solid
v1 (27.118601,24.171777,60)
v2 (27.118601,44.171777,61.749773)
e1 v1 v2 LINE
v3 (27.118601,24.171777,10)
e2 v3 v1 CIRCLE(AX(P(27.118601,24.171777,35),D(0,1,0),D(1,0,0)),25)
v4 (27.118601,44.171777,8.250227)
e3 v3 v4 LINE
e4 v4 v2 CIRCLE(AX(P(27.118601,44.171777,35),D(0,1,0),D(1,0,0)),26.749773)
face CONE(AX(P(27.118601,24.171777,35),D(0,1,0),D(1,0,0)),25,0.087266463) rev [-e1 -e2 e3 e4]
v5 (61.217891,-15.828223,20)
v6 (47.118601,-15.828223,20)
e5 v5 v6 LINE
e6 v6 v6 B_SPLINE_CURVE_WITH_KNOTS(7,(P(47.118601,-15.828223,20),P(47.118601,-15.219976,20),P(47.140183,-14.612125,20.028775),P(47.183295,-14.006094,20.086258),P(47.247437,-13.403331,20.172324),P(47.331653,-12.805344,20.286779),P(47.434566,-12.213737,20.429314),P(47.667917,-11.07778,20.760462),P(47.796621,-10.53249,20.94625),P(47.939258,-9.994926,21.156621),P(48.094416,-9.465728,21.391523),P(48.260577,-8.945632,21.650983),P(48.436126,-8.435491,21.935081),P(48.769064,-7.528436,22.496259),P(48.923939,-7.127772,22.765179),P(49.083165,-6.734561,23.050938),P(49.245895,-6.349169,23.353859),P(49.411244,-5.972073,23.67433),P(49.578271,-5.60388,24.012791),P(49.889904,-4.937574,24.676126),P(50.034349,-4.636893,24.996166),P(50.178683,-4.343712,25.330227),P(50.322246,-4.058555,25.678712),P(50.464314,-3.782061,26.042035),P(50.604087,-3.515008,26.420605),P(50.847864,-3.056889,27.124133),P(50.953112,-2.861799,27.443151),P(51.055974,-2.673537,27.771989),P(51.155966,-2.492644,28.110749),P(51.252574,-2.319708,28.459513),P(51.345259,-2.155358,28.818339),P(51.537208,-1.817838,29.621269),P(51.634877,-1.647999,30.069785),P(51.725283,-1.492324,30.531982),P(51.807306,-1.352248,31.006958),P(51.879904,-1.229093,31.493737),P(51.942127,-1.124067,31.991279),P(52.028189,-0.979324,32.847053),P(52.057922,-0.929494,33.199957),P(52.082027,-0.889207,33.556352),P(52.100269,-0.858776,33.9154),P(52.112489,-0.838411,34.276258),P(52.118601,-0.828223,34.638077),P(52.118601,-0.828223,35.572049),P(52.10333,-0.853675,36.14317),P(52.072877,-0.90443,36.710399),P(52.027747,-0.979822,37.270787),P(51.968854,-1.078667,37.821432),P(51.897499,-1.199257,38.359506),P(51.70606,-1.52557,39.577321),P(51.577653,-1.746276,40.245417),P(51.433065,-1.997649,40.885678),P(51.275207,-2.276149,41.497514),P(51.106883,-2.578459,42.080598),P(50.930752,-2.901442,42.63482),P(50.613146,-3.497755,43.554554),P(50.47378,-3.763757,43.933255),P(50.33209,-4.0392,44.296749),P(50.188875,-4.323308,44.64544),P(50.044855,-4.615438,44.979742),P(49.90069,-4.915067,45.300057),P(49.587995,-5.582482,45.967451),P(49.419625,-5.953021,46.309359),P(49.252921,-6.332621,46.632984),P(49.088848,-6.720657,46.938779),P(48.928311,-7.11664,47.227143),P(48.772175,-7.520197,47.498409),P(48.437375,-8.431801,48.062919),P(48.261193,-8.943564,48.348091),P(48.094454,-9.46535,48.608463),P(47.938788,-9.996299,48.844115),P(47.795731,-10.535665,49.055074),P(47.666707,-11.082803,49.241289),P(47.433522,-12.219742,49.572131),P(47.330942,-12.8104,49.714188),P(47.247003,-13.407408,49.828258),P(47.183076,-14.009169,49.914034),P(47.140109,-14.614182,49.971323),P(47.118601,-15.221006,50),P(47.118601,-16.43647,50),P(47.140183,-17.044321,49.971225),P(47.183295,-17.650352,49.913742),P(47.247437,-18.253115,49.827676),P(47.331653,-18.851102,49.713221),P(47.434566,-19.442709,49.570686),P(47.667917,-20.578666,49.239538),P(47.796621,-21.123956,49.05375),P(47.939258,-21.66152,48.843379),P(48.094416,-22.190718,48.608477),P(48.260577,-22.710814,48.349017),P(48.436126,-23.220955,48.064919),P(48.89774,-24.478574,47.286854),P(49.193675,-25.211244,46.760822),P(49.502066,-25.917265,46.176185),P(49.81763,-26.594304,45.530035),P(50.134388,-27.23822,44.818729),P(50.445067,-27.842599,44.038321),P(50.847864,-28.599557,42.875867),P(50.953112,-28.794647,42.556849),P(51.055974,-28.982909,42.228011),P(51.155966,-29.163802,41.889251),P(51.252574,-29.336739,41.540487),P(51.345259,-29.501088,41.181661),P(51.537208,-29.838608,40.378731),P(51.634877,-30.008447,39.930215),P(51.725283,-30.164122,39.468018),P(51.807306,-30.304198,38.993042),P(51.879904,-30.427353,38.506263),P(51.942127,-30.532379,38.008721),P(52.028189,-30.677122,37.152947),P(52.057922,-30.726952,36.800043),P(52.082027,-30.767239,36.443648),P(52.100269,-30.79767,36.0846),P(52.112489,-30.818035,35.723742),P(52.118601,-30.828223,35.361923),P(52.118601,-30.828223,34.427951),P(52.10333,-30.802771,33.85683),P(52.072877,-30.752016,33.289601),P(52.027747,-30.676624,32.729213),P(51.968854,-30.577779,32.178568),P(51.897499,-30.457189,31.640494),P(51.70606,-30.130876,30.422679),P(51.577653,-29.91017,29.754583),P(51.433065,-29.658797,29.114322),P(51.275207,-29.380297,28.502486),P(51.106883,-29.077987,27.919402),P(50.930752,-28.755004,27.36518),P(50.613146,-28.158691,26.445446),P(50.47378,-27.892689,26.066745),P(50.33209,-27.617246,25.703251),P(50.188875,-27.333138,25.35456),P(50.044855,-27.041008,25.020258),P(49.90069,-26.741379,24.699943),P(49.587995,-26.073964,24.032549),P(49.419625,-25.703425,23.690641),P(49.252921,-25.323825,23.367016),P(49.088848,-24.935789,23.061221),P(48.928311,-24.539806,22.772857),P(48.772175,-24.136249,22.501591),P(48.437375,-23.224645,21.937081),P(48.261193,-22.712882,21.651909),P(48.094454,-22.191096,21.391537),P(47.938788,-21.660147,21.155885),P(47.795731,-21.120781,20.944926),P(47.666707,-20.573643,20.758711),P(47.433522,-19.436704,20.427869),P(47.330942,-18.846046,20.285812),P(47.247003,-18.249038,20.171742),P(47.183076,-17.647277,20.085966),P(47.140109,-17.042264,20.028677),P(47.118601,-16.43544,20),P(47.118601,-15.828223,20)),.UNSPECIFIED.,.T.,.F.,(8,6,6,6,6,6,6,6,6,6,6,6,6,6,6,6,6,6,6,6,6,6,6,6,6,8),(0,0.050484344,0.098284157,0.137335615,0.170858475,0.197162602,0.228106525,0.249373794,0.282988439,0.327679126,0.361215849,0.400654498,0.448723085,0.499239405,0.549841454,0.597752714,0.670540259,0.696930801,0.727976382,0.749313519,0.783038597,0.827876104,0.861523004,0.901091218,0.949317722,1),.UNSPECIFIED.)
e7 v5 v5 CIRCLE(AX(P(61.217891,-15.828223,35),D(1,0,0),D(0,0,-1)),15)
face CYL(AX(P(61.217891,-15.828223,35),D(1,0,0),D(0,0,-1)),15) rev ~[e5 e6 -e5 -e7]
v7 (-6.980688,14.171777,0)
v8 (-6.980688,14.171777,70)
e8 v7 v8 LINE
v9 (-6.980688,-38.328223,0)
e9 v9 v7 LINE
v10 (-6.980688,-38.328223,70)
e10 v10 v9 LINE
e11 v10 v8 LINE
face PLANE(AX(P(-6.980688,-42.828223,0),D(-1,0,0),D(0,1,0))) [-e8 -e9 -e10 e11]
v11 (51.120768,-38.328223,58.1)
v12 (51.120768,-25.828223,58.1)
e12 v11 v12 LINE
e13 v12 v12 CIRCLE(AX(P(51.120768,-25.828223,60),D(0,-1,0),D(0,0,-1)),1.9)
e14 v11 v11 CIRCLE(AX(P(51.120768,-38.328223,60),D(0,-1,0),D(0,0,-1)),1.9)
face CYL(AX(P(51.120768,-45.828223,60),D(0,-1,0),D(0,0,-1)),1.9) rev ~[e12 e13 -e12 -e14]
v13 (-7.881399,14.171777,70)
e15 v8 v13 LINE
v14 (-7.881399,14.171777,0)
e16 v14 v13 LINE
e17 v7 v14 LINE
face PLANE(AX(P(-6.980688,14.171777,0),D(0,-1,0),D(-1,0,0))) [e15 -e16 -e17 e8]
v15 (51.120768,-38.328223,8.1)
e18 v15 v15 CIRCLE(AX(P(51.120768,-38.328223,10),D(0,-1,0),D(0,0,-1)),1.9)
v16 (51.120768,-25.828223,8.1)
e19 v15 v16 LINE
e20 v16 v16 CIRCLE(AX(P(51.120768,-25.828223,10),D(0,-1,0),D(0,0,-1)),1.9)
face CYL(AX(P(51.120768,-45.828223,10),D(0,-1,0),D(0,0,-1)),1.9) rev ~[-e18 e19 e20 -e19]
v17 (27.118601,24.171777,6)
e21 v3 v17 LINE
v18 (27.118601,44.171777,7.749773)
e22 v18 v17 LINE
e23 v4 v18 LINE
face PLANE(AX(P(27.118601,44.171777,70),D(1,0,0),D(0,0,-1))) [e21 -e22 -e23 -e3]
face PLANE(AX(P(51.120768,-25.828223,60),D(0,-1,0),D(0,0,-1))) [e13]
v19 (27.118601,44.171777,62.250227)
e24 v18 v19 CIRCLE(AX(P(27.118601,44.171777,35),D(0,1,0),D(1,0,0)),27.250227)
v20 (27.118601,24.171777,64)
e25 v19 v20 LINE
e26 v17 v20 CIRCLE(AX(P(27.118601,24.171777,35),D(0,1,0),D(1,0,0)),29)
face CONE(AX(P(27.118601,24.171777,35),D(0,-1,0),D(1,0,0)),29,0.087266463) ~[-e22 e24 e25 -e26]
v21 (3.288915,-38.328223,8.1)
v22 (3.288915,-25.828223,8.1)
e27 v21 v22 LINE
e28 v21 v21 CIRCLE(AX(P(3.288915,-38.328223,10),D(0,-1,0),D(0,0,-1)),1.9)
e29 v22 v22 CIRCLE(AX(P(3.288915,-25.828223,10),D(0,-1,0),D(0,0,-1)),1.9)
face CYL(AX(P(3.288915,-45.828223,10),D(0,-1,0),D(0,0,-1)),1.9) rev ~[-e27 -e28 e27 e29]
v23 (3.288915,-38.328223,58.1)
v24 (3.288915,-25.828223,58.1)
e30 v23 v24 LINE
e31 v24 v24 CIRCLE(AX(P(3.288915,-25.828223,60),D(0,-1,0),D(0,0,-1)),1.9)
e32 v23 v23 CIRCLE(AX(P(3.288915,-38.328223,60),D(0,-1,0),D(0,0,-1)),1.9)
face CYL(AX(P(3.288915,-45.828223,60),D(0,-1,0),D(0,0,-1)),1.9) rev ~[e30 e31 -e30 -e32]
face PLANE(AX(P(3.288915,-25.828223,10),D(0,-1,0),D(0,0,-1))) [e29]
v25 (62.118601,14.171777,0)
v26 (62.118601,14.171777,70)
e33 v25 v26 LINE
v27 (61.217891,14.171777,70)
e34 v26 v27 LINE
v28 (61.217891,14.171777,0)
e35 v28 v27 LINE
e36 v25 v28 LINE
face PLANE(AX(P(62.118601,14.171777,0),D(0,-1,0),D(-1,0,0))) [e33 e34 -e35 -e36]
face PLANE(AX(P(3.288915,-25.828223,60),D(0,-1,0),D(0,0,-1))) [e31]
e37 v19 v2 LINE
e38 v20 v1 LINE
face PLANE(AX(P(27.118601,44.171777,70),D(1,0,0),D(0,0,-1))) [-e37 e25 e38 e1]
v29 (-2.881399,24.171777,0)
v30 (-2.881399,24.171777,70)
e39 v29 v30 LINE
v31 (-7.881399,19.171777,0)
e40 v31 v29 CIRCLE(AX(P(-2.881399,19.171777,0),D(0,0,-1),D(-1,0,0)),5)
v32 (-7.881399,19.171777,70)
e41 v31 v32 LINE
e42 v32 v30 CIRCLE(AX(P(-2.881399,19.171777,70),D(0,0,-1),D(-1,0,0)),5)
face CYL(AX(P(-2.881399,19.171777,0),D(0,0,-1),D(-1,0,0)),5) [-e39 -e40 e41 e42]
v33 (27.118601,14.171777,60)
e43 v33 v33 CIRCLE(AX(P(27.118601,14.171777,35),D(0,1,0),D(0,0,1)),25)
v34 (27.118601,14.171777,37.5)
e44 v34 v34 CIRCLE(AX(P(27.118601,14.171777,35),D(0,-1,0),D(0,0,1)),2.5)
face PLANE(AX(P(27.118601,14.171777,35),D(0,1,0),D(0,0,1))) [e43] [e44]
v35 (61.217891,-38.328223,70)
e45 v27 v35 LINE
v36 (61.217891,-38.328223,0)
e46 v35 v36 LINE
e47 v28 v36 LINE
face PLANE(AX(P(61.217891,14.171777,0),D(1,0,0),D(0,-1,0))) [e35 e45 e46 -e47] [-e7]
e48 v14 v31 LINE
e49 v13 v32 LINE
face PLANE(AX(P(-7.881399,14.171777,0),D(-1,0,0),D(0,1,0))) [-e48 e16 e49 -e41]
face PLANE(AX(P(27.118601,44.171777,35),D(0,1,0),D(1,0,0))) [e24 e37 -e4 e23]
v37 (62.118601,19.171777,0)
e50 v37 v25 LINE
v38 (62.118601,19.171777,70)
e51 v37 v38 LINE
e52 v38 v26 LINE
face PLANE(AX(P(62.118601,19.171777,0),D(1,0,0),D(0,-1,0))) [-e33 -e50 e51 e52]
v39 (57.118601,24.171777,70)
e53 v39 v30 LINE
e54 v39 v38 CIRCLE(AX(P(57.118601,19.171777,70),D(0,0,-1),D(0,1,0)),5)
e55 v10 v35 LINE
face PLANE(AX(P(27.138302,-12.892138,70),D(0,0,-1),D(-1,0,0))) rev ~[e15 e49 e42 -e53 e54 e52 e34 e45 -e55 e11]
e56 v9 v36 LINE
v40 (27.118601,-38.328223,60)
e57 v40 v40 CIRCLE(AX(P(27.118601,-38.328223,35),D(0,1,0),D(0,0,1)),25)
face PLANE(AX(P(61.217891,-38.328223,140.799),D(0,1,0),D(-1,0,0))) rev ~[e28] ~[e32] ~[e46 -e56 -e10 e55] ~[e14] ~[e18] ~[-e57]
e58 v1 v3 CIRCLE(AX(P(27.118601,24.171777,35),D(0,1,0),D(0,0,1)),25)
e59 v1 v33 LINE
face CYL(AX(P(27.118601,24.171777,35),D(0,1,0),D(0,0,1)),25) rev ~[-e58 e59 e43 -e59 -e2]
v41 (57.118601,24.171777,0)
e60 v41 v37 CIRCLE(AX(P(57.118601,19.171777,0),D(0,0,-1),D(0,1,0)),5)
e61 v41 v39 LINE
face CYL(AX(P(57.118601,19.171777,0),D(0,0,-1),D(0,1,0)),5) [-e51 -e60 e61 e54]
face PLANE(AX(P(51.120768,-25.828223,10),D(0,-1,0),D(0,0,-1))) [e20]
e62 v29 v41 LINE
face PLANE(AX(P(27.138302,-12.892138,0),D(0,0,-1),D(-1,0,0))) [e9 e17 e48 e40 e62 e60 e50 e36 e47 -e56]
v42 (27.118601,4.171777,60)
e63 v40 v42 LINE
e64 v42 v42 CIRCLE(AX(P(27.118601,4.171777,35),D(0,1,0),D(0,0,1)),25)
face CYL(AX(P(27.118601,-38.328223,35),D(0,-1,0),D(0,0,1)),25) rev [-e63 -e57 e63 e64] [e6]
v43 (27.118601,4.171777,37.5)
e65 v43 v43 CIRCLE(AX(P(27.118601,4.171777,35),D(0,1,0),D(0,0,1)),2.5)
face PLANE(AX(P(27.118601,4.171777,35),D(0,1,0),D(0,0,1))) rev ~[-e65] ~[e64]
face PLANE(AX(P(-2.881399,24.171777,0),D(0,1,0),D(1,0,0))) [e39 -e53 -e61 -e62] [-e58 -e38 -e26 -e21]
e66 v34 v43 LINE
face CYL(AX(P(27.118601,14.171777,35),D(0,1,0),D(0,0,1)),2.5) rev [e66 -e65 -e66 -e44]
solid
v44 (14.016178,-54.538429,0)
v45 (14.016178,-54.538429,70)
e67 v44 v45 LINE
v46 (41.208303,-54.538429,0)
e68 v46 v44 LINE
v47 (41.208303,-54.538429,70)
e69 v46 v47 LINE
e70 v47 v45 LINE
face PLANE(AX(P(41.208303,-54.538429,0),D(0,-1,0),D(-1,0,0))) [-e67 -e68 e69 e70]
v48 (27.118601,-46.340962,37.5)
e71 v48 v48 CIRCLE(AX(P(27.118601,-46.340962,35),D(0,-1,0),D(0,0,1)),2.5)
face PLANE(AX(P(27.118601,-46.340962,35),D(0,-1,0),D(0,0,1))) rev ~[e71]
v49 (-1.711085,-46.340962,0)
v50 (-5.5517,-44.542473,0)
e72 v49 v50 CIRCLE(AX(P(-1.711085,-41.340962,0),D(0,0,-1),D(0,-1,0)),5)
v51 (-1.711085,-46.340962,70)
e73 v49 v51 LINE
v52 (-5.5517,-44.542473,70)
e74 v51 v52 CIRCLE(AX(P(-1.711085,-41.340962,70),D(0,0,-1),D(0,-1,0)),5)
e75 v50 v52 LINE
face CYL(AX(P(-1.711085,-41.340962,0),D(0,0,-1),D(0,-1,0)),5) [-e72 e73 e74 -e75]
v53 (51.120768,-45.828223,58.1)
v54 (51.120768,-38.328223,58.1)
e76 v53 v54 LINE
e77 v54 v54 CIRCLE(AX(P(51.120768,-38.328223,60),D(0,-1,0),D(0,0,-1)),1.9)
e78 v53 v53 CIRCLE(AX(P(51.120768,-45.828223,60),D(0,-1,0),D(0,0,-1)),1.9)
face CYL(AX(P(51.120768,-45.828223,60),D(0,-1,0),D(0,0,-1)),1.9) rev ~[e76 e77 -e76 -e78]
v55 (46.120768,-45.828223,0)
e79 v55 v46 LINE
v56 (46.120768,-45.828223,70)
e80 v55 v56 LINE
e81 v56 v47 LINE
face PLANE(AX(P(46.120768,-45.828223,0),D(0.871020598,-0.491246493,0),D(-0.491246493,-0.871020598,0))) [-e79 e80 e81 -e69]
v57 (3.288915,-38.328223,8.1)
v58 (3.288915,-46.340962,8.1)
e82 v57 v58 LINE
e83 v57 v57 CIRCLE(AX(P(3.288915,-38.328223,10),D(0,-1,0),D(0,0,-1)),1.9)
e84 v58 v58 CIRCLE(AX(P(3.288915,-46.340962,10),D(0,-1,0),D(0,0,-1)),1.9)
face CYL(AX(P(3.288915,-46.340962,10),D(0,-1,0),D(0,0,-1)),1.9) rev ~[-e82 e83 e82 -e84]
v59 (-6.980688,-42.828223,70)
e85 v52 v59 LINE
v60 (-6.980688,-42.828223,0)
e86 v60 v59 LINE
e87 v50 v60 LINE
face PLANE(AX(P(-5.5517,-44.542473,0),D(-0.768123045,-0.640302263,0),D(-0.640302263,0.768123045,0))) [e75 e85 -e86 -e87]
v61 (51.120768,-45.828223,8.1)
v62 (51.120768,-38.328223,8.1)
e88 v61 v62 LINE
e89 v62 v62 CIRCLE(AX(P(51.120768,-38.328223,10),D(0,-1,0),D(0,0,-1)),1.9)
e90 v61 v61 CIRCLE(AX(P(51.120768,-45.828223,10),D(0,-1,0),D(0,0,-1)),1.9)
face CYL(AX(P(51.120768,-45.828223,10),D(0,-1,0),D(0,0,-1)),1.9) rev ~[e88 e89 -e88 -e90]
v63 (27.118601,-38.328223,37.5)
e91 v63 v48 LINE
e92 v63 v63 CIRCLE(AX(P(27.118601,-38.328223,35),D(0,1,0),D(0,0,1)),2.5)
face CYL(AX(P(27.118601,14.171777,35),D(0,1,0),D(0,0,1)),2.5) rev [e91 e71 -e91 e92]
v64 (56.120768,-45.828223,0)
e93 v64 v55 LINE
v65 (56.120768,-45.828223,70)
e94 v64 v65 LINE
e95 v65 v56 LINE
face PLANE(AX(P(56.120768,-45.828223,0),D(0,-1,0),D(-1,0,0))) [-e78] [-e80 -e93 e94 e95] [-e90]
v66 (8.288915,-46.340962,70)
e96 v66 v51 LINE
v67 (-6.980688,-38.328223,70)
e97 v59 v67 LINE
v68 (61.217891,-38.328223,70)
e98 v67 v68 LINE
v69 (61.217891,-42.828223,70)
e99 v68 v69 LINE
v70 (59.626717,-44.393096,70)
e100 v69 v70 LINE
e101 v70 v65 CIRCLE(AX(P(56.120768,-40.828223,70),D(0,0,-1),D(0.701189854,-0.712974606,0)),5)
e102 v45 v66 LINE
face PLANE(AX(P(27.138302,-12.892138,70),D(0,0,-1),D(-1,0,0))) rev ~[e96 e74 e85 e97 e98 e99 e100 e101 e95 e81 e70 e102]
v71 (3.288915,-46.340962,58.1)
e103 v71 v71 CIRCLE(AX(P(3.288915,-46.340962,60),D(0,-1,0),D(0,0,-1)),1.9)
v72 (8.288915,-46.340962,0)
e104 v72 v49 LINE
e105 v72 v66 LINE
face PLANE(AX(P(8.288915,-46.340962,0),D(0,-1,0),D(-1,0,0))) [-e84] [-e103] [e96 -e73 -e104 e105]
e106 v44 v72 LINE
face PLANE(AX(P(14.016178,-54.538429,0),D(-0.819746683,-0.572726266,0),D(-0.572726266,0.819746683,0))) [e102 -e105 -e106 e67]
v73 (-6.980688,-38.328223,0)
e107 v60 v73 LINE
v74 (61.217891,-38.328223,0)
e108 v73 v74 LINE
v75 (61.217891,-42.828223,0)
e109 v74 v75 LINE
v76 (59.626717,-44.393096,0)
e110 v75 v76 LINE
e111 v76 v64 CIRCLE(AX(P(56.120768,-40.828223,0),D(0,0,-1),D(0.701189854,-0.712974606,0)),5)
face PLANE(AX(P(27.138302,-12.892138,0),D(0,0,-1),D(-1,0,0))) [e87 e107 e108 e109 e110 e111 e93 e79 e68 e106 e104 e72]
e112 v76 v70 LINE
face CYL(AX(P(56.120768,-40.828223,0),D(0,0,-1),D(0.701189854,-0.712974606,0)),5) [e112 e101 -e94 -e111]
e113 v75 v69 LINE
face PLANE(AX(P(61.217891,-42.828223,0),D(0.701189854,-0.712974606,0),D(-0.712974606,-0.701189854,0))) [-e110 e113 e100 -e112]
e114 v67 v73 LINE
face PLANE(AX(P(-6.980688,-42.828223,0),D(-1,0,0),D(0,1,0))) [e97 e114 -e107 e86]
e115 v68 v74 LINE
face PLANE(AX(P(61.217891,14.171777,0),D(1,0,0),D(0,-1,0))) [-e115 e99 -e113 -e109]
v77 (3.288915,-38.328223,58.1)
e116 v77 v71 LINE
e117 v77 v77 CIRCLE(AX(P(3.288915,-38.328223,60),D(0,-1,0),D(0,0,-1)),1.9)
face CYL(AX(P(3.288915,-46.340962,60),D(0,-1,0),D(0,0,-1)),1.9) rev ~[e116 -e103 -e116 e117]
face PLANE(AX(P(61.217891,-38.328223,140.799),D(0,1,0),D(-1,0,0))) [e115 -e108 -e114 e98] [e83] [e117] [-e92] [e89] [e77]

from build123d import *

# Parameters (mm, degrees)
BOSS_EXTRUDE1_DEPTH    = 70
SKETCH4_R              = 29
SKETCH4_R_2            = 25
EXTRUDE_THIN1_DEPTH    = 20
EXTRUDE_THIN1_DRAFT    = 5
SKETCH5_W              = 30
SKETCH5_H              = 70
CUT_EXTRUDE1_DEPTH     = 20
SKETCH7_R              = 25
CUT_EXTRUDE2_DEPTH     = 10
CUT_EXTRUDE3_START     = -68.710206
SKETCH8_R              = 2.5
CUT_EXTRUDE3_DEPTH     = 60.512739
SKETCH10_R             = 15
CUT_EXTRUDE4_DEPTH     = 30
SPLIT3_SURFACE_1_BACK  = 140.799
SPLIT3_SURFACE_1_DEPTH = 281.598
SPLIT3_SURFACE_2_BACK  = 140.799
SPLIT3_SURFACE_2_DEPTH = 281.598
SKETCH14_R             = 1.9
CUT_EXTRUDE5_DEPTH     = 20
SKETCH17_R             = 1.9
CUT_EXTRUDE7_DEPTH     = 20
CUT_EXTRUDE8_START     = -52.5
SKETCH19_R             = 25
CUT_EXTRUDE8_DEPTH     = 42.5


with BuildPart() as part:
    # Sketch1 → Boss-Extrude1 (new body)
    with BuildSketch(Plane.XY):
        with BuildLine():
            ThreePointArc((-1.711084805, -46.340962164), (-3.831514412, -45.869071955), (-5.551700031, -44.542473477))
            Line((-5.551700031, -44.542473477), (-6.980687822, -42.828223009))
            Line((-6.980687822, -42.828223009), (-6.980687822, 14.171776991))
            Line((-6.980687822, 14.171776991), (-7.881398643, 14.171776991))
            Line((-7.881398643, 14.171776991), (-7.881398643, 19.171776991))
            ThreePointArc((-7.881398643, 19.171776991), (-6.416932549, 22.707310897), (-2.881398643, 24.171776991))
            Line((-2.881398643, 24.171776991), (57.118601357, 24.171776991))
            ThreePointArc((57.118601357, 24.171776991), (60.654135263, 22.707310897), (62.118601357, 19.171776991))
            Line((62.118601357, 19.171776991), (62.118601357, 14.171776991))
            Line((62.118601357, 14.171776991), (61.217890536, 14.171776991))
            Line((61.217890536, 14.171776991), (61.217890536, -42.828223009))
            Line((61.217890536, -42.828223009), (59.626717013, -44.393096038))
            ThreePointArc((59.626717013, -44.393096038), (58.014921228, -45.45555297), (56.120767742, -45.828223009))
            Line((56.120767742, -45.828223009), (46.120767742, -45.828223009))
            Line((46.120767742, -45.828223009), (41.208302807, -54.538428992))
            Line((41.208302807, -54.538428992), (14.016177857, -54.538428992))
            Line((14.016177857, -54.538428992), (8.288915195, -46.340962164))
            Line((8.288915195, -46.340962164), (-1.711084805, -46.340962164))
        make_face()
    extrude(amount=BOSS_EXTRUDE1_DEPTH)


with BuildPart() as extrude_thin1_tool:
    # Sketch4 → Extrude-Thin1 (with draft: the straight prism first)
    with BuildSketch(Plane(origin=(0, 24.171776991, 0), x_dir=(1, 0, 0), z_dir=(0, 1, 0))):
        with Locations((27.118601357, -35)):
            Circle(SKETCH4_R)
        with Locations((27.118601357, -35)):
            Circle(SKETCH4_R_2, mode=Mode.SUBTRACT)
    extrude(amount=EXTRUDE_THIN1_DEPTH)
    # Extrude-Thin1: the draft: its side faces are tilted about the plane it starts from
    extrude_thin1_sides = [extrude_thin1_tool.faces().sort_by_distance(p)[0] for p in [
        (-1.881398643, 34.171776991, 35),
        (2.118601357, 34.171776991, 35),
    ]]
    draft(extrude_thin1_sides, Plane(origin=(0, 24.171776991, 0), x_dir=(1, 0, 0), z_dir=(0, 1, 0)), EXTRUDE_THIN1_DRAFT)


with BuildPart() as part_1:
    add(part.part)

    # Extrude-Thin1: add extrude_thin1_tool
    add(extrude_thin1_tool.part)

    # Sketch5 → Cut-Extrude1 (cut)
    with BuildSketch(Plane(origin=(0, 44.171776991, 0), x_dir=(1, 0, 0), z_dir=(0, 1, 0))):
        with Locations((42.118601357, -35)):
            Rectangle(SKETCH5_W, SKETCH5_H)
    extrude(amount=-CUT_EXTRUDE1_DEPTH, mode=Mode.SUBTRACT)

    # Sketch7 → Cut-Extrude2 (cut)
    with BuildSketch(Plane(origin=(0, 24.171776991, 0), x_dir=(1, 0, 0), z_dir=(0, 1, 0))):
        with Locations(Location((27.118601357, -35, 0), (0, 0, 270))):
            Circle(SKETCH7_R)
    extrude(amount=-CUT_EXTRUDE2_DEPTH, mode=Mode.SUBTRACT)

    # Sketch8 → Cut-Extrude3 (cut)
    with BuildSketch(Plane.XZ.offset(54.538428992).offset(CUT_EXTRUDE3_START)):
        with Locations(Location((27.118601357, 35, 0), (0, 0, 90))):
            Circle(SKETCH8_R)
    extrude(amount=CUT_EXTRUDE3_DEPTH, mode=Mode.SUBTRACT)

    # Sketch10 → Cut-Extrude4 (cut)
    with BuildSketch(Plane(origin=(61.217890536, 0, 0), x_dir=(0, 0, -1), z_dir=(1, 0, 0))):
        with Locations((-35, -15.828223009)):
            Circle(SKETCH10_R)
    extrude(amount=-CUT_EXTRUDE4_DEPTH, mode=Mode.SUBTRACT)


with BuildPart() as body_2:
    # Split3: the piece behind the surface
    add(part_1.part)
    # Split3 surface: a surface, the sketch's curves swept straight by 281.598 mm
    with BuildLine(Plane(origin=(0, 0, 0), x_dir=(-1, 0, 0), z_dir=(0, 0, -1)).offset(-SPLIT3_SURFACE_1_BACK), mode=Mode.PRIVATE) as split3_surface_1_path:
        Line((-61.217890536, -38.328223009), (6.980687822, -38.328223009))
    split3_surface_1 = Shell.extrude(split3_surface_1_path.wire(), (0 * SPLIT3_SURFACE_1_DEPTH, 0 * SPLIT3_SURFACE_1_DEPTH, -1 * SPLIT3_SURFACE_1_DEPTH))
    split(bisect_by=split3_surface_1, keep=Keep.BOTTOM)


with BuildPart() as part_2:
    add(part_1.part)

    # Split3: split by a surface, the side it looks to stays
    # Split3 surface: a surface, the sketch's curves swept straight by 281.598 mm
    with BuildLine(Plane(origin=(0, 0, 0), x_dir=(-1, 0, 0), z_dir=(0, 0, -1)).offset(-SPLIT3_SURFACE_2_BACK), mode=Mode.PRIVATE) as split3_surface_2_path:
        Line((-61.217890536, -38.328223009), (6.980687822, -38.328223009))
    split3_surface_2 = Shell.extrude(split3_surface_2_path.wire(), (0 * SPLIT3_SURFACE_2_DEPTH, 0 * SPLIT3_SURFACE_2_DEPTH, -1 * SPLIT3_SURFACE_2_DEPTH))
    split(bisect_by=split3_surface_2, keep=Keep.TOP)


with BuildPart() as cut_extrude5_tool:
    # Sketch14 → Cut-Extrude5 (new body)
    with BuildSketch(Plane.XZ.offset(45.828223009)):
        with Locations(Location((51.120767742, 60, 0), (0, 0, 270))):
            Circle(SKETCH14_R)
        with Locations(Location((51.120767742, 10, 0), (0, 0, 270))):
            Circle(SKETCH14_R)
        with Locations(Location((3.288915195, 60, 0), (0, 0, 270))):
            Circle(SKETCH14_R)
        with Locations(Location((3.288915195, 10, 0), (0, 0, 270))):
            Circle(SKETCH14_R)
    extrude(amount=-CUT_EXTRUDE5_DEPTH)


with BuildPart() as part_3:
    add(part_2.part)

    # Cut-Extrude5: cut by cut_extrude5_tool
    add(cut_extrude5_tool.part, mode=Mode.SUBTRACT)

    # Sketch19 → Cut-Extrude8 (cut)
    with BuildSketch(Plane(origin=(0, 14.171776991, 0), x_dir=(1, 0, 0), z_dir=(0, 1, 0)).offset(CUT_EXTRUDE8_START)):
        with Locations(Location((27.118601357, -35, 0), (0, 0, 270))):
            Circle(SKETCH19_R)
    extrude(amount=CUT_EXTRUDE8_DEPTH, mode=Mode.SUBTRACT)


with BuildPart() as body_2_1:
    add(body_2.part)

    # Cut-Extrude5: cut by cut_extrude5_tool
    add(cut_extrude5_tool.part, mode=Mode.SUBTRACT)

    # Sketch17 → Cut-Extrude7 (cut)
    with BuildSketch(Plane.XZ.offset(46.340962164)):
        with Locations(Location((3.288915195, 60, 0), (0, 0, 270))):
            Circle(SKETCH17_R)
        with Locations(Location((3.288915195, 10, 0), (0, 0, 270))):
            Circle(SKETCH17_R)
    extrude(amount=-CUT_EXTRUDE7_DEPTH, mode=Mode.SUBTRACT)


solid = Compound([part_3.part, body_2_1.part])
